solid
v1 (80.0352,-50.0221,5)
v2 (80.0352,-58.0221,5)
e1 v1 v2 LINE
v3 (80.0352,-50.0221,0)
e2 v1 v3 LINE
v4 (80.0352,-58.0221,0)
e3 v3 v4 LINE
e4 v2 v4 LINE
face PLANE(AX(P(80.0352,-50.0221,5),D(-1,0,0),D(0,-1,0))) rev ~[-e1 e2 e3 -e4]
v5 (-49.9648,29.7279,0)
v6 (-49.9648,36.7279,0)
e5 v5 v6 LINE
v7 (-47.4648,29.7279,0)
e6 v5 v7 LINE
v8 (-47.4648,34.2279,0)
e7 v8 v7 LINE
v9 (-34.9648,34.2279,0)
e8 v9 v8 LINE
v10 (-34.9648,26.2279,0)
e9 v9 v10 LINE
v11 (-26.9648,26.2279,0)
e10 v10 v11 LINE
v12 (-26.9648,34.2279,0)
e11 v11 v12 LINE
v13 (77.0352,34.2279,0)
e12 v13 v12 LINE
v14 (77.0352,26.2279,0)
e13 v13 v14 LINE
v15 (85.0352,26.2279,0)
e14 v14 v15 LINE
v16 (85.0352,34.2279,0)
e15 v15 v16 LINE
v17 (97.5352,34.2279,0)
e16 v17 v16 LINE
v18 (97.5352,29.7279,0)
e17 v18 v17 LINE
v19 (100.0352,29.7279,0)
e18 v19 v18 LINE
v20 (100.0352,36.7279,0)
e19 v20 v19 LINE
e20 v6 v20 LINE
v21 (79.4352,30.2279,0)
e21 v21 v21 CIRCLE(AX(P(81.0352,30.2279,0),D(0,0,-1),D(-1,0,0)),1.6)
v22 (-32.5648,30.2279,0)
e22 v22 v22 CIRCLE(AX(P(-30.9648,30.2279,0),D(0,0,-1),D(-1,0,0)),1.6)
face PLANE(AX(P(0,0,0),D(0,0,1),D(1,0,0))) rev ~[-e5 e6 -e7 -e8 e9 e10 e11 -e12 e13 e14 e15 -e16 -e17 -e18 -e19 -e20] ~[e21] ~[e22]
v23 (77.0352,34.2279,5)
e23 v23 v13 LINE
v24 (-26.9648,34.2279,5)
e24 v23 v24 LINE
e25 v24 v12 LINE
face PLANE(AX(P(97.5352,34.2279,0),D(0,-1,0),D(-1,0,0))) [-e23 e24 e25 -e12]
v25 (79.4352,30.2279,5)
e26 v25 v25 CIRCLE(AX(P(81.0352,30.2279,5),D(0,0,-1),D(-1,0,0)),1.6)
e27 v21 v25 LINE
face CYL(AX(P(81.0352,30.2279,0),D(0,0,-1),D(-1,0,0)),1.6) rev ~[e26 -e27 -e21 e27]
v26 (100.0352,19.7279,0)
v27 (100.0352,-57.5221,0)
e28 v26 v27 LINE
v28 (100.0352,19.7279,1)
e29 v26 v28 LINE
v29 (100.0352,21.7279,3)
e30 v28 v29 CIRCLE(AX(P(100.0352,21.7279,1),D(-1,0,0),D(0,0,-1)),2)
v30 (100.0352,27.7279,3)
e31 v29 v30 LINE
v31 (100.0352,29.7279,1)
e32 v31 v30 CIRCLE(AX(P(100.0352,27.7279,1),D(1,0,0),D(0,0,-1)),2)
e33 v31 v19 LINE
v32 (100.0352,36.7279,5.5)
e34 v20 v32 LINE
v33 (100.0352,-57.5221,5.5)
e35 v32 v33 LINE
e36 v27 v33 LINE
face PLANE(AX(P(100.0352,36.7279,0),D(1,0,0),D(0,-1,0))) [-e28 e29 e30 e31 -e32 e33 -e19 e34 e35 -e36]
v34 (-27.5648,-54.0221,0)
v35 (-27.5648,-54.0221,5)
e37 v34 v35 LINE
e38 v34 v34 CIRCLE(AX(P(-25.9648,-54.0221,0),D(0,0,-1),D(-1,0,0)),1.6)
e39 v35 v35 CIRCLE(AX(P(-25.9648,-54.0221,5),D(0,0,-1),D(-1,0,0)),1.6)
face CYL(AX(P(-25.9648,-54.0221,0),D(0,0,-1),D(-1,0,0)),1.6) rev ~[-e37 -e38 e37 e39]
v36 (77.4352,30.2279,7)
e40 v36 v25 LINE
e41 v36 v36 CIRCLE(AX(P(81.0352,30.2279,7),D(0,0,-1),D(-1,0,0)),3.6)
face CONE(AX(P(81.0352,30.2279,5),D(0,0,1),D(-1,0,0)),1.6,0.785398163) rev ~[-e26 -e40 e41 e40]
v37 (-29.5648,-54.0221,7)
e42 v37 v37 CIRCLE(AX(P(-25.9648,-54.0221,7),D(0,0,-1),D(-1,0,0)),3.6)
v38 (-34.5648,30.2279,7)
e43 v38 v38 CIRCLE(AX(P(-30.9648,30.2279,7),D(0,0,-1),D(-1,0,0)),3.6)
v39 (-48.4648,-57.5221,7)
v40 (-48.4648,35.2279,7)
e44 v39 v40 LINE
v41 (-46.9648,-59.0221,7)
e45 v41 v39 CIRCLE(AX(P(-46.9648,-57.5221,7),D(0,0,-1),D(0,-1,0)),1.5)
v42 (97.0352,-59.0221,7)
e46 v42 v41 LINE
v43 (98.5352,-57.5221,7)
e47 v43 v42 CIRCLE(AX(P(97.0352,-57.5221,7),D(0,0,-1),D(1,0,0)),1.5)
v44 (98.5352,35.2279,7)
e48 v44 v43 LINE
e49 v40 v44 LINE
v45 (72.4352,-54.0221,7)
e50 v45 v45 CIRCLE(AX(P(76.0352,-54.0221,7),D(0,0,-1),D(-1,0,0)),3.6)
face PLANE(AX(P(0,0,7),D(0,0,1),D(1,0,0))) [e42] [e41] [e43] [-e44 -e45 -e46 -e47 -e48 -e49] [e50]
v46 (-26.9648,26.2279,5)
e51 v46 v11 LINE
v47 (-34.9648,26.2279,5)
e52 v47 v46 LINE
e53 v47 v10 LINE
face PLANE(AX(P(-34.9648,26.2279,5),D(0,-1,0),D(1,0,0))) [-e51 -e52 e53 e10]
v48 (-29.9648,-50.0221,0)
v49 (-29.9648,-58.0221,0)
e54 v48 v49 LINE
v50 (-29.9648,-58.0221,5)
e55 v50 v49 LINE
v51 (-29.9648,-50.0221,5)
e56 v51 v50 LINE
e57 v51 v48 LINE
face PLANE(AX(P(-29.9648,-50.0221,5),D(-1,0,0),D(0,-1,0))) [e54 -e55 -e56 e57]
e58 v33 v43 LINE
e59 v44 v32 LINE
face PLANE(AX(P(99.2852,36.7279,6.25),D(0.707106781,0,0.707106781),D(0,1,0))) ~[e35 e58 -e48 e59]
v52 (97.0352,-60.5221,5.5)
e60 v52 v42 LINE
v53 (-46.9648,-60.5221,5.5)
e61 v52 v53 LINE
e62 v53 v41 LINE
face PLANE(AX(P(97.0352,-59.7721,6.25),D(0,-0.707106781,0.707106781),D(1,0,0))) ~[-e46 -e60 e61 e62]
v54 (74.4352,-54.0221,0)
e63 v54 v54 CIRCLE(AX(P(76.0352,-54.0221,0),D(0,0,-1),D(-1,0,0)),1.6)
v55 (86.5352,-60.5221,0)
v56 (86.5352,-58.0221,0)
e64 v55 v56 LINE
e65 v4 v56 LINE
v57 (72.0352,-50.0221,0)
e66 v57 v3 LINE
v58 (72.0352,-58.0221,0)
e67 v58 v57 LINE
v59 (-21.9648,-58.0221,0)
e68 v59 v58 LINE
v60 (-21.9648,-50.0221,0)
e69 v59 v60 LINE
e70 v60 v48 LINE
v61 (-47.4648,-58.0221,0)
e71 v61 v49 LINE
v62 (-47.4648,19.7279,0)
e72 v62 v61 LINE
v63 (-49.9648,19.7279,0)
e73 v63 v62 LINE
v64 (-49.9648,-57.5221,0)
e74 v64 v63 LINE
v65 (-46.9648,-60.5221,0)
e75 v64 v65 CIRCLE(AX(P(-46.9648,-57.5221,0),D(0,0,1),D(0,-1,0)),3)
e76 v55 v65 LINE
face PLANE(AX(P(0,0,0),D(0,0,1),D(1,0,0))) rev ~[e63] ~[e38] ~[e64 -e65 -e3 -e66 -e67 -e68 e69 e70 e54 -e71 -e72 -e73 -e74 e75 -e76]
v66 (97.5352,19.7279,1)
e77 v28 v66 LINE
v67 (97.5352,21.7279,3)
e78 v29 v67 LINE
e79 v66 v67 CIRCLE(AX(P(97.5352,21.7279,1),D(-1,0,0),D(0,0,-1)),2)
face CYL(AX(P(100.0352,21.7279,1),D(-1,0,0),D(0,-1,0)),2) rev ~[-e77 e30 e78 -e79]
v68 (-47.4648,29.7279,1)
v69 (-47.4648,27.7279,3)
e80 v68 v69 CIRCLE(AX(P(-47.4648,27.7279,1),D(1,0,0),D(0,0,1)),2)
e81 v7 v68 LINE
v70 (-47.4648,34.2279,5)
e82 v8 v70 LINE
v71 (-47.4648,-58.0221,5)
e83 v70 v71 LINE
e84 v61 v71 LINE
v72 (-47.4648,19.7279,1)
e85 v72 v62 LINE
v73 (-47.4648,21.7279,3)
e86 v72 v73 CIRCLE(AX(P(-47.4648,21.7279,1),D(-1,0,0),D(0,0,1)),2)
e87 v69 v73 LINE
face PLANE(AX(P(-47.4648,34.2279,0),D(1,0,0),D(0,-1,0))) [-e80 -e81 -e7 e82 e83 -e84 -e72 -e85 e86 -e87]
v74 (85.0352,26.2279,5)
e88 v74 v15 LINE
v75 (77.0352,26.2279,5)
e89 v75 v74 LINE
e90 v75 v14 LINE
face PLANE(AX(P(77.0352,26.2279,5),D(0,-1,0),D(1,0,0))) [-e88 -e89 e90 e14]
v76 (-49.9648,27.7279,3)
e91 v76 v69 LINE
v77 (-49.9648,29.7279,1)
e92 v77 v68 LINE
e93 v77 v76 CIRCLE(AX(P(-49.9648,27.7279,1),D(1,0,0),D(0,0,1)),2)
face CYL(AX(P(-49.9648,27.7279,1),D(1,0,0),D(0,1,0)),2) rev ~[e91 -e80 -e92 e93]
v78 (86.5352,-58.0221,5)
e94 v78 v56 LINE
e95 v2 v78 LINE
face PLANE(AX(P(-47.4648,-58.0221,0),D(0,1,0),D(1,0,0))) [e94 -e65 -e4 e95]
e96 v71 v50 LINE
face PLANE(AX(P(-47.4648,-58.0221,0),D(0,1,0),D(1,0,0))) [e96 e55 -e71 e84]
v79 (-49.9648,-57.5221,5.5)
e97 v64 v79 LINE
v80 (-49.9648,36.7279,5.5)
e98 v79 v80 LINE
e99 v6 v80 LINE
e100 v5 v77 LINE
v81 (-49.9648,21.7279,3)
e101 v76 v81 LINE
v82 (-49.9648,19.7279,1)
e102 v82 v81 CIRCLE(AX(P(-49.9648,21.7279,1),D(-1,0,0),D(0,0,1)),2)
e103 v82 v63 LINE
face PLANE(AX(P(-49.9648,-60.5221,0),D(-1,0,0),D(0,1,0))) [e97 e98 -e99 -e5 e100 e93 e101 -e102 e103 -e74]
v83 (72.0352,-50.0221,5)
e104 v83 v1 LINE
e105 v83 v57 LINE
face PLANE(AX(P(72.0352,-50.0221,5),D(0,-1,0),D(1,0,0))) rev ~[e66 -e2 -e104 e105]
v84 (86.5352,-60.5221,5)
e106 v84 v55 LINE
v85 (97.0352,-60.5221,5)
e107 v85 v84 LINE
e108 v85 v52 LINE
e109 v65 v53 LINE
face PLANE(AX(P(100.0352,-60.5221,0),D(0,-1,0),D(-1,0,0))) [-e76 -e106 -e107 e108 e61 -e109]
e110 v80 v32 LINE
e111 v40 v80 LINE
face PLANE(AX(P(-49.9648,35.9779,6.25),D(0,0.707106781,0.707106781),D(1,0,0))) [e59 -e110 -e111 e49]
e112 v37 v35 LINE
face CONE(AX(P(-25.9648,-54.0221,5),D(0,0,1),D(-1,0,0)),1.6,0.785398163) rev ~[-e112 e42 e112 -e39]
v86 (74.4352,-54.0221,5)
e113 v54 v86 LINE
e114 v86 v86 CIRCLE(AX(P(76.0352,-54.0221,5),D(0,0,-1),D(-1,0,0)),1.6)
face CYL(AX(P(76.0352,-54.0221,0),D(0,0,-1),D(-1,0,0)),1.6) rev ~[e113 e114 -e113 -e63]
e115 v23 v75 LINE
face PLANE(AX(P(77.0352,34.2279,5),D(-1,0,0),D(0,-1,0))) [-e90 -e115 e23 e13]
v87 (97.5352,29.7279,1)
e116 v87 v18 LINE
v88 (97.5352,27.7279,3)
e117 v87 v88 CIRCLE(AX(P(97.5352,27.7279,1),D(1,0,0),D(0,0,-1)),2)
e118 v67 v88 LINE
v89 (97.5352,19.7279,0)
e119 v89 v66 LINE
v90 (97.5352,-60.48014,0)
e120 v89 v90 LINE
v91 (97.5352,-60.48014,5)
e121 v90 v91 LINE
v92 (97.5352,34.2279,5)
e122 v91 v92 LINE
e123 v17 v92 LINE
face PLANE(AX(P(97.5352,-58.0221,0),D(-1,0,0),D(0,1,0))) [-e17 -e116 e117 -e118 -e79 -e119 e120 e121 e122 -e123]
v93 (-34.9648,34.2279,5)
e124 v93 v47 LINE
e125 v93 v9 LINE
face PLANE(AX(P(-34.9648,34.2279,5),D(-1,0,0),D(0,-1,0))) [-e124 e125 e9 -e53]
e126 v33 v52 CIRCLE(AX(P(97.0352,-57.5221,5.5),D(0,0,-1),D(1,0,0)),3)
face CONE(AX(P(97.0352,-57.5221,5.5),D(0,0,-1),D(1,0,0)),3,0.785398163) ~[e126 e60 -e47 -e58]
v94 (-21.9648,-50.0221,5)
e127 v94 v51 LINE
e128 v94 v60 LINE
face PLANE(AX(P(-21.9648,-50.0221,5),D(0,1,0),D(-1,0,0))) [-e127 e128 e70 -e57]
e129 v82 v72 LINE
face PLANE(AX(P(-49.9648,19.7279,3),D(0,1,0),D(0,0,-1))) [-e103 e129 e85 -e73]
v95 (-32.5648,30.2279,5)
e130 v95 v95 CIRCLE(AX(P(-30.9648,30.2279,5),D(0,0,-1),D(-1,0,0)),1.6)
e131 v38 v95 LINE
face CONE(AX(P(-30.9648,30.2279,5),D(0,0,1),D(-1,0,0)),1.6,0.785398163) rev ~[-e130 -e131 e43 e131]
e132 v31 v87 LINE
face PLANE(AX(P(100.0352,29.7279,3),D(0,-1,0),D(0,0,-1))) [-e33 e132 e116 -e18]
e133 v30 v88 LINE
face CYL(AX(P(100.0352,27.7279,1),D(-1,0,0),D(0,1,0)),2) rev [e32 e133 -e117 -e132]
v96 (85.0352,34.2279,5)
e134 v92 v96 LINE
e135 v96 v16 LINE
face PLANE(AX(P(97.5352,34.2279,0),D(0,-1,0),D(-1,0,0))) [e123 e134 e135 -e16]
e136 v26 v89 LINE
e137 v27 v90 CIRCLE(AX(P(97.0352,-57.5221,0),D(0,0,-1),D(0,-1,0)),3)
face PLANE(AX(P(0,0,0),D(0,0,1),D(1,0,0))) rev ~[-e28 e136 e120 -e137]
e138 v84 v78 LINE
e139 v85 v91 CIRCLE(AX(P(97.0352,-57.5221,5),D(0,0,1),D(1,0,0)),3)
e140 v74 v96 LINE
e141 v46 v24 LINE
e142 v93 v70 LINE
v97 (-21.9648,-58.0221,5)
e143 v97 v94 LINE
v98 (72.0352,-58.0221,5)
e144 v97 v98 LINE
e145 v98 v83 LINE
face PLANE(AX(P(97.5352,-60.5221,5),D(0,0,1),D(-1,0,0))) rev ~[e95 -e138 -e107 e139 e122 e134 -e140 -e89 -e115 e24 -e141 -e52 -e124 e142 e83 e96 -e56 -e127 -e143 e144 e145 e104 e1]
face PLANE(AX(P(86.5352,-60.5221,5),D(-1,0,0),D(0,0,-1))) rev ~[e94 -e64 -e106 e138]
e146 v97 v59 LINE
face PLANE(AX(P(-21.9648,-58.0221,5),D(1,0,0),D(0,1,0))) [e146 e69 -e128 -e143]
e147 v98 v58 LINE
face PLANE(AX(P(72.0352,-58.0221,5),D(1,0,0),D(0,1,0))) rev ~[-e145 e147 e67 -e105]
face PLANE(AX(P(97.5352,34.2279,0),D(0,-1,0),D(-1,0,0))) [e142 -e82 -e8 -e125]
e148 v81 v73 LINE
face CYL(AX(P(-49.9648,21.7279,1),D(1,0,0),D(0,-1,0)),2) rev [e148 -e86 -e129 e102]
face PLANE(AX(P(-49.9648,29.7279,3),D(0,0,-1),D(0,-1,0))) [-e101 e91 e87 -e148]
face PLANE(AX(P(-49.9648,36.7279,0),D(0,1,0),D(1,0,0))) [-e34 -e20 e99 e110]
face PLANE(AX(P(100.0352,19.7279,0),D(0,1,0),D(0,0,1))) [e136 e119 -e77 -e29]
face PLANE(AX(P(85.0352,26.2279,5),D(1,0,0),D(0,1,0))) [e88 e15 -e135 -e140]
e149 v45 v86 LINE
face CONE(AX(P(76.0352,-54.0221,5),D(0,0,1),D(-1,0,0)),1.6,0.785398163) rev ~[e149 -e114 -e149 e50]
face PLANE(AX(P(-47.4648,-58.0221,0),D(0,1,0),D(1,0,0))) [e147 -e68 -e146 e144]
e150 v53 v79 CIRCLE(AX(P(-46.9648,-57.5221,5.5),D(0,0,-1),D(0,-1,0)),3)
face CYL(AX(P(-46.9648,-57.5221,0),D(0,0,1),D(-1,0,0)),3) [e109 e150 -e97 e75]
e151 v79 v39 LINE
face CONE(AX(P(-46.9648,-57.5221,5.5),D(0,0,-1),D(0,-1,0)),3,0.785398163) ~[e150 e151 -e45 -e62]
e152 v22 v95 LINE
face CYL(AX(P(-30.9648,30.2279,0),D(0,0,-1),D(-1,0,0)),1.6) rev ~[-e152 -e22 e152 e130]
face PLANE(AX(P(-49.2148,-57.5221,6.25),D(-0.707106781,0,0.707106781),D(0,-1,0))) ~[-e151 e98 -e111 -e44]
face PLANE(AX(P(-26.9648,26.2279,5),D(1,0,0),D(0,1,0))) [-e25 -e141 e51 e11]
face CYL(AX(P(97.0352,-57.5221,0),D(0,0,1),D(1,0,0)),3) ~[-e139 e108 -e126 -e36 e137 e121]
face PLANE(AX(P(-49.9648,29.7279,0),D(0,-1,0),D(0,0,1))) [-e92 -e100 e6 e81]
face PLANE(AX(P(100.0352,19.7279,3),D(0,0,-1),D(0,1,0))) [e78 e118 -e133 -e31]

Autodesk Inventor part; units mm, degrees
ref_plane "YZ Plane" through (0, 0, 0) normal (1, 0, 0) x (0, 1, 0)
ref_plane "XZ Plane" through (0, 0, 0) normal (0, 1, 0) x (-1, 0, 0)
ref_plane "XY Plane" through (0, 0, 0) normal (0, 0, 1) x (1, 0, 0)
sketch "Sketch1" plane through (0, 0, 0) normal (0, 0, 1) x (1, 0, 0)
  line L0 (-49.9648, 36.7279) -> (100.0352, 36.7279)
  line L1 (100.0352, 36.7279) -> (100.0352, -60.5221)
  line L2 (100.0352, -60.5221) -> (-49.9648, -60.5221)
  line L3 (-49.9648, -60.5221) -> (-49.9648, 36.7279)
  point P0 (0, 0)
  dimension "d0" = 150
  dimension "d1" = 97.25
extrude "Extrusion1" add sketch "Sketch1" along normal blind 7
sketch "Sketch2" plane through (0, 0, 0) normal (0, 0, -1) x (-1, 0, 0)
  line L0 (47.4648, -58.0221) -> (-97.5352, -58.0221)
  line L1 (-97.5352, -58.0221) -> (-97.5352, 34.2279)
  line L2 (-97.5352, 34.2279) -> (47.4648, 34.2279)
  line L3 (47.4648, 34.2279) -> (47.4648, -58.0221)
  line L4 (49.9648, -60.5221) -> (-100.0352, -60.5221) projected
  line L5 (-100.0352, -60.5221) -> (-100.0352, 36.7279) projected
  line L6 (49.9648, 36.7279) -> (49.9648, -60.5221) projected
  line L7 (-100.0352, 36.7279) -> (49.9648, 36.7279) projected
  point P0 (0, 0)
  dimension "d4" = 2.5
  dimension "d5" = 2.5
  dimension "d6" = 2.5
  dimension "d7" = 2.5
extrude "Extrusion2" cut sketch "Sketch2" against normal blind 5 contours L0 L1 L2 L3
sketch "Sketch3" plane through (0, 0, 5) normal (0, 0, -1) x (-1, 0, 0)
  line L0 (47.4648, -58.0221) -> (-97.5352, -58.0221) projected
  line L1 (29.9648, -58.0221) -> (21.9648, -58.0221)
  line L2 (21.9648, -58.0221) -> (21.9648, -50.0221)
  line L3 (21.9648, -50.0221) -> (29.9648, -50.0221)
  line L4 (29.9648, -50.0221) -> (29.9648, -58.0221)
  line L5 (-80.0352, -58.0221) -> (-72.0352, -58.0221)
  line L6 (-72.0352, -58.0221) -> (-72.0352, -50.0221)
  line L7 (-72.0352, -50.0221) -> (-80.0352, -50.0221)
  line L8 (-80.0352, -50.0221) -> (-80.0352, -58.0221)
  line L9 (34.9648, 26.2279) -> (26.9648, 26.2279)
  line L10 (26.9648, 26.2279) -> (26.9648, 34.2279)
  line L11 (26.9648, 34.2279) -> (34.9648, 34.2279)
  line L12 (34.9648, 34.2279) -> (34.9648, 26.2279)
  line L13 (-77.0352, 26.2279) -> (-85.0352, 26.2279)
  line L14 (-85.0352, 26.2279) -> (-85.0352, 34.2279)
  line L15 (-85.0352, 34.2279) -> (-77.0352, 34.2279)
  line L16 (-77.0352, 34.2279) -> (-77.0352, 26.2279)
  line L17 (-100.0352, -60.5221) -> (-100.0352, 36.7279) projected
  line L18 (49.9648, 36.7279) -> (49.9648, -60.5221) projected
  line L19 (-100.0352, 36.7279) -> (49.9648, 36.7279) projected
  point P0 (0, 0)
  dimension "d10" = 8
  dimension "d11" = 8
  dimension "d12" = 8
  dimension "d13" = 20
  dimension "d14" = 20
  dimension "d15" = 8
  dimension "d16" = 8
  dimension "d17" = 8
  dimension "d18" = 8
  dimension "d19" = 15
  dimension "d20" = 15
  dimension "d21" = 10.5
extrude "Extrusion3" add sketch "Sketch3" along normal up to surface (5 mm away)
sketch "Sketch4" plane through (0, 0, 0) normal (0, 0, -1) x (-1, 0, 0)
  circle A0 centre (25.9648, -54.0221) radius 1.6
  circle A1 centre (-76.0352, -54.0221) radius 1.6
  line L0 (49.9648, 36.7279) -> (49.9648, -60.5221) projected
  line L1 (49.9648, -60.5221) -> (-100.0352, -60.5221) projected
  line L2 (-100.0352, -60.5221) -> (-100.0352, 36.7279) projected
  circle A2 centre (30.9648, 30.2279) radius 1.6
  circle A3 centre (-81.0352, 30.2279) radius 1.6
  line L3 (-100.0352, 36.7279) -> (49.9648, 36.7279) projected
  point P0 (0, 0)
  dimension "d24" = 3.2
  dimension "d25" = 3.2
  dimension "d26" = 24
  dimension "d27" = 6.5
  dimension "d28" = 24
  dimension "d29" = 6.5
  dimension "d30" = 3.2
  dimension "d31" = 3.2
  dimension "d32" = 19
  dimension "d33" = 6.5
  dimension "d34" = 6.5
  dimension "d35" = 19
extrude "Extrusion4" cut sketch "Sketch4" against normal through all contours A0 | A1 | A2 | A3
fillet "Fillet1" radius 3 2 edges at (100.0352, -60.5221, 3.5) (-49.9648, -60.5221, 3.5)
sketch "Sketch5" plane through (100.0352, 36.7279, 7) normal (1, 0, 0) x (0, 0, -1)
  line L0 (7, -17) -> (4, -17)
  line L1 (4, -17) -> (4, -7)
  line L2 (4, -7) -> (7, -7)
  line L3 (7, -7) -> (7, -17)
  line L4 (7, -94.25) -> (7, 0) projected
  line L5 (7, 0) -> (0, 0) projected
  point P0 (7, -36.7279)
  dimension "d39" = 3
  dimension "d40" = 7
  dimension "d41" = 10
extrude "Extrusion5" cut sketch "Sketch5" against normal up to surface (2.5 mm away)
fillet "Fillet2" radius 2 2 edges at (98.7852, 29.7279, 3) (98.7852, 19.7279, 3)
sketch "Sketch6" plane through (-49.9648, 36.7279, 0) normal (-1, 0, 0) x (0, 0, 1)
  line L0 (0, -2.5) -> (0, -94.75) projected
  line L1 (0, -7) -> (3, -7)
  line L2 (3, -7) -> (3, -17)
  line L3 (3, -17) -> (0, -17)
  line L4 (0, -17) -> (0, -7)
  line L5 (0, 0) -> (7, 0) projected
  point P0 (0, -36.7279)
  point P1 (0, -17)
  dimension "d45" = 3
  dimension "d46" = 10
  dimension "d47" = 7
extrude "Extrusion6" cut sketch "Sketch6" against normal up to surface (2.5 mm away)
fillet "Fillet3" radius 2 2 edges at (-48.7148, 29.7279, 3) (-48.7148, 19.7279, 3)
chamfer "Chamfer1" distance 1.5 angle 45 6 edges at (25.0352, 36.7279, 7) (-49.9648, -10.3971, 7) (-49.0861, -59.6434, 7) (25.0352, -60.5221, 7) (99.1566, -59.6434, 7) (100.0352, -10.3971, 7)
sketch "Sketch7" plane through (-46.9648, -60.5221, 0) normal (0, -1, 0) x (1, 0, 0)
  line L0 (147, 0) -> (-3, 0) projected
  line L1 (133.5, 0) -> (144.5, 0)
  line L2 (144.5, 0) -> (144.5, 5)
  line L3 (144.5, 5) -> (133.5, 5)
  line L4 (133.5, 5) -> (133.5, 0)
  line L5 (147, 0) -> (147, 5.5) projected
  point P0 (46.9648, 0)
  dimension "d54" = 5
  dimension "d55" = 11
  dimension "d56" = 2.5
extrude "Extrusion7" cut sketch "Sketch7" against normal up to surface (2.5 mm away)
chamfer "Chamfer2" distance 2 angle 45 4 edges at (-29.3648, 30.2279, 7) (-24.3648, -54.0221, 7) (77.6352, -54.0221, 7) (82.6352, 30.2279, 7)
properties part number "e_box_lid"
